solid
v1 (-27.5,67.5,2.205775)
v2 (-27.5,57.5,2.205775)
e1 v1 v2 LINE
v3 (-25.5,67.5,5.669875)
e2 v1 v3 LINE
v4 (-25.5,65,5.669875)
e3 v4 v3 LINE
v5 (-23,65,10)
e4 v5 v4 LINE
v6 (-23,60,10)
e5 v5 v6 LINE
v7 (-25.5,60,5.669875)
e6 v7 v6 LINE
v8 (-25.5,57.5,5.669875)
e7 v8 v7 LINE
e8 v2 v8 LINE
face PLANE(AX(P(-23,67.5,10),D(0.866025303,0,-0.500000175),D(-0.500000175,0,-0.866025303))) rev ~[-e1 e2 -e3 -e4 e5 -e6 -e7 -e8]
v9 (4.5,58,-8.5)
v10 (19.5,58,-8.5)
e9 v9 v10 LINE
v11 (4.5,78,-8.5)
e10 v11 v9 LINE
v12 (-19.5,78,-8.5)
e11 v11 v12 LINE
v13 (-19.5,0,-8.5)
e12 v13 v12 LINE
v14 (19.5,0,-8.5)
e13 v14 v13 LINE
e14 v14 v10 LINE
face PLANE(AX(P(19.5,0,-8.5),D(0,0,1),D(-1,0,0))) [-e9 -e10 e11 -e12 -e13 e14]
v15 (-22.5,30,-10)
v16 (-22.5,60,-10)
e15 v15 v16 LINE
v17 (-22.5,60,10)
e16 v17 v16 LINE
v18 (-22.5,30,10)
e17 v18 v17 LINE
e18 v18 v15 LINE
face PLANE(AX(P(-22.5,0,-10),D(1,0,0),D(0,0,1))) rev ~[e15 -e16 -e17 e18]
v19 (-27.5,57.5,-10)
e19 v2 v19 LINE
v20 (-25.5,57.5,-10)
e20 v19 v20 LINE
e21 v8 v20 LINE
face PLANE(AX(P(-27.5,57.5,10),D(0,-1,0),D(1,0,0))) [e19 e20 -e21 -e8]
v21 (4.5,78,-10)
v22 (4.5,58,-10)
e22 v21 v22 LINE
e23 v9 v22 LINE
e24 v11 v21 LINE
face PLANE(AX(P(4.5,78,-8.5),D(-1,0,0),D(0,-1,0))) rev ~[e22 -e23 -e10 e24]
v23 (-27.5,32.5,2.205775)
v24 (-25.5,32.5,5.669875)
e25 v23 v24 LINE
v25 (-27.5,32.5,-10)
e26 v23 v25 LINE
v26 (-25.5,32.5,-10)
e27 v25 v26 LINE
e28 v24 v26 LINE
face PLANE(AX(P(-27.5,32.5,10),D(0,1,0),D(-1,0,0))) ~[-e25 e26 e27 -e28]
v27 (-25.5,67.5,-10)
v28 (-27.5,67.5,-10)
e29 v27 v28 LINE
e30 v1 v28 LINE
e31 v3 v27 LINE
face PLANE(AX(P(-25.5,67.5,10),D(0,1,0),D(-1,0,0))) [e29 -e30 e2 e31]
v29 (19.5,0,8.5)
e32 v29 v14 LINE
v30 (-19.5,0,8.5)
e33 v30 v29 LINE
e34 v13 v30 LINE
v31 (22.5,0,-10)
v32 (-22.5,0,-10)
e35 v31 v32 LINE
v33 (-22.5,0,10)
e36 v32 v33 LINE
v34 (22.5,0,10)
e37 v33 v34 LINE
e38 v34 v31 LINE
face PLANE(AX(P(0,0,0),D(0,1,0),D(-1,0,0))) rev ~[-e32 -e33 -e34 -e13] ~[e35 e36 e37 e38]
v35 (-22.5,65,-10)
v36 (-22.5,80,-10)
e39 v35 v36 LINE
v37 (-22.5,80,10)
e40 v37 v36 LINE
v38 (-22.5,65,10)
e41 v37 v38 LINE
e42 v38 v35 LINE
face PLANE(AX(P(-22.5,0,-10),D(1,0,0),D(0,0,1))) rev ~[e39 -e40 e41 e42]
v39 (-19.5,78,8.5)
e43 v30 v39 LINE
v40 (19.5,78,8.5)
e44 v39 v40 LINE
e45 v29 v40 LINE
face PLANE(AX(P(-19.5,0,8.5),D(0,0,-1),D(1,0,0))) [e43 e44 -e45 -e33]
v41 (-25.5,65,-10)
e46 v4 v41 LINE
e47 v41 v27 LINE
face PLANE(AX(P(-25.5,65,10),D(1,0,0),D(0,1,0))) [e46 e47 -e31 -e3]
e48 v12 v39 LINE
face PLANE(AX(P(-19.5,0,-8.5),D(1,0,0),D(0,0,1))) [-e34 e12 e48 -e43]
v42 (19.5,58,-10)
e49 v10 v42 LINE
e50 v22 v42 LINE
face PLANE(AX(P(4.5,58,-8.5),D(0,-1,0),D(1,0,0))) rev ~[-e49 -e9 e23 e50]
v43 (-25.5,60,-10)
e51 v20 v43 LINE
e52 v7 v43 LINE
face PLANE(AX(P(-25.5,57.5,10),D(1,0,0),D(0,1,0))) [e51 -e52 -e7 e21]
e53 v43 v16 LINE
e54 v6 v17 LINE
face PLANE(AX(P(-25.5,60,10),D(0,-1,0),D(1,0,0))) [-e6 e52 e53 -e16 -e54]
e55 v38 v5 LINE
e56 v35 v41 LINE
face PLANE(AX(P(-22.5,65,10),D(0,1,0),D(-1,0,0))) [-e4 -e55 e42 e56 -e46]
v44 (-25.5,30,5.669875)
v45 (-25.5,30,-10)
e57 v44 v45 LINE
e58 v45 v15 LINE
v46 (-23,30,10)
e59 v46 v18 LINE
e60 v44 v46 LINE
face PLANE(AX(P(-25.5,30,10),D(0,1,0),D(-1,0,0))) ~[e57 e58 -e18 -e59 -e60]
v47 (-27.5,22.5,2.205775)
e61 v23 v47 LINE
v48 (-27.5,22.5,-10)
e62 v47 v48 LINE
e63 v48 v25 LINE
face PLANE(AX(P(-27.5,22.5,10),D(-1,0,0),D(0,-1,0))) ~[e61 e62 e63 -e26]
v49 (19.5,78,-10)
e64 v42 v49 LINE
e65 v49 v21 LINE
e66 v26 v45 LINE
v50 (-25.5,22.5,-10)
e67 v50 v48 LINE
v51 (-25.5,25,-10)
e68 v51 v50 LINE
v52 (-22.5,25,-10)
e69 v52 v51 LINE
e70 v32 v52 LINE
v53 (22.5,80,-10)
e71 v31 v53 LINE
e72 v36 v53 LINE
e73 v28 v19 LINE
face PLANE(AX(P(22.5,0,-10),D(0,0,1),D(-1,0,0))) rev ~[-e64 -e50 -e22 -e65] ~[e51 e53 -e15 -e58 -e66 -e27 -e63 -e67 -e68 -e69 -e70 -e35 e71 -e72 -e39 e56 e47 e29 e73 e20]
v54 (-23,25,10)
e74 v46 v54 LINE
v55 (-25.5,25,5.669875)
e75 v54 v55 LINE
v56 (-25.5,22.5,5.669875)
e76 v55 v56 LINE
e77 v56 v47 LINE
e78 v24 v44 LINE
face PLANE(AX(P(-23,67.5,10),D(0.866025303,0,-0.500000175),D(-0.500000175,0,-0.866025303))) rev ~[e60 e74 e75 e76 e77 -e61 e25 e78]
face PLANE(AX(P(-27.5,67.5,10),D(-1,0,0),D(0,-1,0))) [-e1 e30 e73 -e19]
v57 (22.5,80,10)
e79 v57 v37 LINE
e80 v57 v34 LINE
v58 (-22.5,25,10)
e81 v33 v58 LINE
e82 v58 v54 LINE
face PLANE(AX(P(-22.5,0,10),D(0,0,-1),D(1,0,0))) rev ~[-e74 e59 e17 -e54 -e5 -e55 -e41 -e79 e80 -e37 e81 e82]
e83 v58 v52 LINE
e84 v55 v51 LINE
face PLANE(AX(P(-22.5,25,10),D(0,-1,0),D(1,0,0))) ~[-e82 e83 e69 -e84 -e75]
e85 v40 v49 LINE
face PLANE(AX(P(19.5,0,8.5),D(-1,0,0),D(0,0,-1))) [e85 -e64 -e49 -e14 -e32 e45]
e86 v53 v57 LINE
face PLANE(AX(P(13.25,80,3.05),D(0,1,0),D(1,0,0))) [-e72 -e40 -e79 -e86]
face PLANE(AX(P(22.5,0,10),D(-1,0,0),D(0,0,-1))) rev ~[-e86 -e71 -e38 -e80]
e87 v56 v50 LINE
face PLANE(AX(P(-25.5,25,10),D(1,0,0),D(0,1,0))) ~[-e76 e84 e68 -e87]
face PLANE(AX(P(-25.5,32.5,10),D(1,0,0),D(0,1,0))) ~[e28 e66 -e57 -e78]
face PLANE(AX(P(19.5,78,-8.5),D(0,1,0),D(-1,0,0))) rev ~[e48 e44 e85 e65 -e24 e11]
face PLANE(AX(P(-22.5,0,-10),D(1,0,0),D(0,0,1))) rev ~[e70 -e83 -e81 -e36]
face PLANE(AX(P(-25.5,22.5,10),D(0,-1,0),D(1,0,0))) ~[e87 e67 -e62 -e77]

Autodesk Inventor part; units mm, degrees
ref_plane "YZ Plane" through (0, 0, 0) normal (1, 0, 0) x (0, 1, 0)
sketch "スケッチ1" plane through (0, 0, 0) normal (0, 1, 0) x (-1, 0, 0)
  line L0 (-22.5, -10) -> (22.5, -10)
  line L1 (22.5, -10) -> (22.5, 10)
  line L2 (22.5, 10) -> (-22.5, 10)
  line L3 (-22.5, 10) -> (-22.5, -10)
  line L4 (-22.5, -10) -> (22.5, 10) construction
  line L5 (22.5, -10) -> (-22.5, 10) construction
  point P0 (0, 0)
  dimension "d0" = 45
  dimension "d1" = 20
extrude "押し出し1" add sketch "スケッチ1" along normal blind 90
sketch "スケッチ2" plane through (-22.5, 0, 10) normal (0, 0, 1) x (1, 0, 0)
  line L0 (0, 0) -> (0, 90) projected
  line L1 (0, 65) -> (-3, 65)
  line L2 (-3, 65) -> (-3, 60)
  line L3 (-3, 60) -> (0, 60)
  line L4 (0, 60) -> (0, 65)
  line L5 (-3, 67.5) -> (-5, 67.5)
  line L6 (-5, 67.5) -> (-5, 57.5)
  line L7 (-5, 57.5) -> (-3, 57.5)
  line L8 (-3, 57.5) -> (-3, 67.5)
  line L9 (0, 90) -> (45, 90) projected
  point P0 (22.5, 0)
  point P1 (-5, 62.5)
  point P2 (-3, 62.5)
  point P3 (-3, 60)
  point P4 (0, 60)
  point P5 (-3, 65)
  dimension "d14" = 5
  dimension "d15" = 10
  dimension "d16" = 2
  dimension "d17" = 3
  dimension "d18" = 25
ref_plane "作業平面1" through (0, 45, 0) normal (0, 1, 0) x (1, 0, 0)
extrude "押し出し2" add sketch "スケッチ2" against normal up to surface (20 mm away)
mirror "ミラー1" about plane through (0, 45, 0) normal (0, 1, 0) of "押し出し2"
sketch "スケッチ3" plane through (-27.5, 67.5, 10) normal (0, 1, 0) x (1, 0, 0)
  line L0 (4.5, 0) -> (-25.5, 51.9615) projected
  line L1 (2, 20) -> (0, 20) projected
  line L2 (0, 0) -> (0, 20) projected
  line L3 (2, 0) -> (0, 0) projected
  line L4 (2, 0) -> (2, 20) projected
  line L5 (5, 20) -> (2, 20) projected
  line L6 (2, 0) -> (2, 20) projected
  line L7 (5, 0) -> (2, 0) projected
  line L8 (5, 20) -> (5, 0) projected
  point P0 (27.5, 10)
  point P1 (4.5, 0)
  point P2 (0, 7.7942)
extrude "押し出し3" cut sketch "スケッチ3" against normal through all contours L7 L4 L0 | L4 L3 L2 L0
sketch "スケッチ4" plane through (22.5, 0, 10) normal (1, 0, 0) x (0, 0, -1)
  line L0 (6.75, 92.2249) -> (6.75, 87.9989) projected
  line L1 (6.75, 87.9989) -> (1.25, 90.7989) projected
  line L2 (1.25, 92.2249) -> (1.25, 90.7989) projected
  line L3 (20, 90) -> (0, 90) projected
  line L4 (6.95, 90) -> (6.95, 87.7989)
  line L5 (6.95, 87.7989) -> (0, 87.7989)
  line L6 (0, 0) -> (0, 90) projected
  line L7 (0, 90) -> (20, 90) projected
  arc A0 (7.95, 90) -> (20, 90.2989) centre (12.7443, 139.7696) ccw
  line L8 (20, 0) -> (20, 90) projected
  point P0 (10, 0)
  point P1 (7.95, 90)
  point P2 (17.5386, 90)
  dimension "d26" = 0.2
  dimension "d27" = 0.2
  dimension "d28" = 50
  dimension "d29" = 1
  dimension "d32" = 2.5
extrude "押し出し4" cut sketch "スケッチ4" against normal through all
sketch "スケッチ5" plane through (22.5, 87.7989, 3.05) normal (0, 0, 1) x (1, 0, 0)
  line L0 (-36.25, 2.2011) -> (-36.25, 5.1444)
  line L1 (-30.25, 3.7011) -> (-30.25, 2.2011)
  line L2 (-24.85, 7.7011) -> (-24.85, 2.2011)
  line L3 (-20.65, 2.2011) -> (-20.65, 7.7011)
  line L4 (-24.85, 7.7011) -> (-24.85, 2.2011)
  line L5 (-15.25, 2.2011) -> (-15.25, 3.7011)
  line L6 (-9.25, 9.2011) -> (-9.25, 6.2579)
  line L7 (0, 0) -> (-45, 0)
  line L8 (-36.25, 2.2011) -> (-45, 2.2011)
  line L9 (-45, 2.2011) -> (-45, 0)
  line L10 (-45, 0) -> (-36.25, 0)
  line L11 (-36.25, 0) -> (-36.25, 2.2011)
  line L12 (-30.25, 2.2011) -> (-24.85, 2.2011)
  line L13 (-24.85, 2.2011) -> (-24.85, 0)
  line L14 (-24.85, 0) -> (-30.25, 0)
  line L15 (-30.25, 0) -> (-30.25, 2.2011)
  line L16 (-20.65, 2.2011) -> (-15.25, 2.2011)
  line L17 (-15.25, 2.2011) -> (-15.25, 0)
  line L18 (-15.25, 0) -> (-20.65, 0)
  line L19 (-20.65, 0) -> (-20.65, 2.2011)
  line L20 (-9.25, 6.2579) -> (0, 6.2579)
  line L21 (0, 6.2579) -> (0, 0)
  line L22 (0, 0) -> (-9.25, 0)
  line L23 (-9.25, 0) -> (-9.25, 6.2579)
  point P0 (-22.5, -87.7989)
  point P1 (-9.25, 0)
extrude "押し出し5" add sketch "スケッチ5" along normal up to surface (6.95 mm away)
sketch "スケッチ6" plane through (0, 0, 0) normal (0, -1, 0) x (1, 0, 0)
  line L0 (19.5, -8.5) -> (-19.5, -8.5)
  line L1 (-19.5, -8.5) -> (-19.5, 8.5)
  line L2 (-19.5, 8.5) -> (19.5, 8.5)
  line L3 (19.5, 8.5) -> (19.5, -8.5)
  line L4 (19.5, -8.5) -> (-19.5, 8.5) construction
  line L5 (-19.5, -8.5) -> (19.5, 8.5) construction
  point P0 (0, 0)
  dimension "d35" = 39
  dimension "d36" = 17
extrude "押し出し6" cut sketch "スケッチ6" against normal blind 78
sketch "スケッチ7" plane through (-19.5, 0, -8.5) normal (0, 0, 1) x (1, 0, 0)
  line L0 (39, 0) -> (0, 0) projected
  line L1 (39, 0) -> (39, 78) projected
  line L2 (39, 78) -> (0, 78) projected
  line L3 (0, 0) -> (0, 78) projected
  line L4 (39, 78) -> (24, 78)
  line L5 (24, 78) -> (24, 58)
  line L6 (24, 58) -> (39, 58)
  line L7 (39, 58) -> (39, 78)
  point P0 (19.5, 0)
  dimension "d39" = 15
  dimension "d40" = 20
extrude "押し出し7" cut sketch "スケッチ7" against normal through all contours L6 L5 L2 L1
sketch "スケッチ8" plane through (13.25, 94.0568, 3.05) normal (0, 1, 0) x (1, 0, 0)
  line L0 (9.25, 0) -> (9.25, -6.95) projected
  line L1 (9.25, -6.95) -> (-35.75, -6.95)
  line L2 (-35.75, -6.95) -> (-35.75, 13.05)
  line L3 (-35.75, 13.05) -> (9.25, 13.05)
  line L4 (9.25, 13.05) -> (9.25, -6.95)
  point P0 (-13.25, 3.05)
ref_plane "作業平面2" through (0, 80, 0) normal (0, -1, 0) x (1, 0, 0)
extrude "押し出し8" cut sketch "スケッチ8" against normal up to surface (14.0568 mm away)
equation "\"d27\" = d26"
properties part number "battery"
